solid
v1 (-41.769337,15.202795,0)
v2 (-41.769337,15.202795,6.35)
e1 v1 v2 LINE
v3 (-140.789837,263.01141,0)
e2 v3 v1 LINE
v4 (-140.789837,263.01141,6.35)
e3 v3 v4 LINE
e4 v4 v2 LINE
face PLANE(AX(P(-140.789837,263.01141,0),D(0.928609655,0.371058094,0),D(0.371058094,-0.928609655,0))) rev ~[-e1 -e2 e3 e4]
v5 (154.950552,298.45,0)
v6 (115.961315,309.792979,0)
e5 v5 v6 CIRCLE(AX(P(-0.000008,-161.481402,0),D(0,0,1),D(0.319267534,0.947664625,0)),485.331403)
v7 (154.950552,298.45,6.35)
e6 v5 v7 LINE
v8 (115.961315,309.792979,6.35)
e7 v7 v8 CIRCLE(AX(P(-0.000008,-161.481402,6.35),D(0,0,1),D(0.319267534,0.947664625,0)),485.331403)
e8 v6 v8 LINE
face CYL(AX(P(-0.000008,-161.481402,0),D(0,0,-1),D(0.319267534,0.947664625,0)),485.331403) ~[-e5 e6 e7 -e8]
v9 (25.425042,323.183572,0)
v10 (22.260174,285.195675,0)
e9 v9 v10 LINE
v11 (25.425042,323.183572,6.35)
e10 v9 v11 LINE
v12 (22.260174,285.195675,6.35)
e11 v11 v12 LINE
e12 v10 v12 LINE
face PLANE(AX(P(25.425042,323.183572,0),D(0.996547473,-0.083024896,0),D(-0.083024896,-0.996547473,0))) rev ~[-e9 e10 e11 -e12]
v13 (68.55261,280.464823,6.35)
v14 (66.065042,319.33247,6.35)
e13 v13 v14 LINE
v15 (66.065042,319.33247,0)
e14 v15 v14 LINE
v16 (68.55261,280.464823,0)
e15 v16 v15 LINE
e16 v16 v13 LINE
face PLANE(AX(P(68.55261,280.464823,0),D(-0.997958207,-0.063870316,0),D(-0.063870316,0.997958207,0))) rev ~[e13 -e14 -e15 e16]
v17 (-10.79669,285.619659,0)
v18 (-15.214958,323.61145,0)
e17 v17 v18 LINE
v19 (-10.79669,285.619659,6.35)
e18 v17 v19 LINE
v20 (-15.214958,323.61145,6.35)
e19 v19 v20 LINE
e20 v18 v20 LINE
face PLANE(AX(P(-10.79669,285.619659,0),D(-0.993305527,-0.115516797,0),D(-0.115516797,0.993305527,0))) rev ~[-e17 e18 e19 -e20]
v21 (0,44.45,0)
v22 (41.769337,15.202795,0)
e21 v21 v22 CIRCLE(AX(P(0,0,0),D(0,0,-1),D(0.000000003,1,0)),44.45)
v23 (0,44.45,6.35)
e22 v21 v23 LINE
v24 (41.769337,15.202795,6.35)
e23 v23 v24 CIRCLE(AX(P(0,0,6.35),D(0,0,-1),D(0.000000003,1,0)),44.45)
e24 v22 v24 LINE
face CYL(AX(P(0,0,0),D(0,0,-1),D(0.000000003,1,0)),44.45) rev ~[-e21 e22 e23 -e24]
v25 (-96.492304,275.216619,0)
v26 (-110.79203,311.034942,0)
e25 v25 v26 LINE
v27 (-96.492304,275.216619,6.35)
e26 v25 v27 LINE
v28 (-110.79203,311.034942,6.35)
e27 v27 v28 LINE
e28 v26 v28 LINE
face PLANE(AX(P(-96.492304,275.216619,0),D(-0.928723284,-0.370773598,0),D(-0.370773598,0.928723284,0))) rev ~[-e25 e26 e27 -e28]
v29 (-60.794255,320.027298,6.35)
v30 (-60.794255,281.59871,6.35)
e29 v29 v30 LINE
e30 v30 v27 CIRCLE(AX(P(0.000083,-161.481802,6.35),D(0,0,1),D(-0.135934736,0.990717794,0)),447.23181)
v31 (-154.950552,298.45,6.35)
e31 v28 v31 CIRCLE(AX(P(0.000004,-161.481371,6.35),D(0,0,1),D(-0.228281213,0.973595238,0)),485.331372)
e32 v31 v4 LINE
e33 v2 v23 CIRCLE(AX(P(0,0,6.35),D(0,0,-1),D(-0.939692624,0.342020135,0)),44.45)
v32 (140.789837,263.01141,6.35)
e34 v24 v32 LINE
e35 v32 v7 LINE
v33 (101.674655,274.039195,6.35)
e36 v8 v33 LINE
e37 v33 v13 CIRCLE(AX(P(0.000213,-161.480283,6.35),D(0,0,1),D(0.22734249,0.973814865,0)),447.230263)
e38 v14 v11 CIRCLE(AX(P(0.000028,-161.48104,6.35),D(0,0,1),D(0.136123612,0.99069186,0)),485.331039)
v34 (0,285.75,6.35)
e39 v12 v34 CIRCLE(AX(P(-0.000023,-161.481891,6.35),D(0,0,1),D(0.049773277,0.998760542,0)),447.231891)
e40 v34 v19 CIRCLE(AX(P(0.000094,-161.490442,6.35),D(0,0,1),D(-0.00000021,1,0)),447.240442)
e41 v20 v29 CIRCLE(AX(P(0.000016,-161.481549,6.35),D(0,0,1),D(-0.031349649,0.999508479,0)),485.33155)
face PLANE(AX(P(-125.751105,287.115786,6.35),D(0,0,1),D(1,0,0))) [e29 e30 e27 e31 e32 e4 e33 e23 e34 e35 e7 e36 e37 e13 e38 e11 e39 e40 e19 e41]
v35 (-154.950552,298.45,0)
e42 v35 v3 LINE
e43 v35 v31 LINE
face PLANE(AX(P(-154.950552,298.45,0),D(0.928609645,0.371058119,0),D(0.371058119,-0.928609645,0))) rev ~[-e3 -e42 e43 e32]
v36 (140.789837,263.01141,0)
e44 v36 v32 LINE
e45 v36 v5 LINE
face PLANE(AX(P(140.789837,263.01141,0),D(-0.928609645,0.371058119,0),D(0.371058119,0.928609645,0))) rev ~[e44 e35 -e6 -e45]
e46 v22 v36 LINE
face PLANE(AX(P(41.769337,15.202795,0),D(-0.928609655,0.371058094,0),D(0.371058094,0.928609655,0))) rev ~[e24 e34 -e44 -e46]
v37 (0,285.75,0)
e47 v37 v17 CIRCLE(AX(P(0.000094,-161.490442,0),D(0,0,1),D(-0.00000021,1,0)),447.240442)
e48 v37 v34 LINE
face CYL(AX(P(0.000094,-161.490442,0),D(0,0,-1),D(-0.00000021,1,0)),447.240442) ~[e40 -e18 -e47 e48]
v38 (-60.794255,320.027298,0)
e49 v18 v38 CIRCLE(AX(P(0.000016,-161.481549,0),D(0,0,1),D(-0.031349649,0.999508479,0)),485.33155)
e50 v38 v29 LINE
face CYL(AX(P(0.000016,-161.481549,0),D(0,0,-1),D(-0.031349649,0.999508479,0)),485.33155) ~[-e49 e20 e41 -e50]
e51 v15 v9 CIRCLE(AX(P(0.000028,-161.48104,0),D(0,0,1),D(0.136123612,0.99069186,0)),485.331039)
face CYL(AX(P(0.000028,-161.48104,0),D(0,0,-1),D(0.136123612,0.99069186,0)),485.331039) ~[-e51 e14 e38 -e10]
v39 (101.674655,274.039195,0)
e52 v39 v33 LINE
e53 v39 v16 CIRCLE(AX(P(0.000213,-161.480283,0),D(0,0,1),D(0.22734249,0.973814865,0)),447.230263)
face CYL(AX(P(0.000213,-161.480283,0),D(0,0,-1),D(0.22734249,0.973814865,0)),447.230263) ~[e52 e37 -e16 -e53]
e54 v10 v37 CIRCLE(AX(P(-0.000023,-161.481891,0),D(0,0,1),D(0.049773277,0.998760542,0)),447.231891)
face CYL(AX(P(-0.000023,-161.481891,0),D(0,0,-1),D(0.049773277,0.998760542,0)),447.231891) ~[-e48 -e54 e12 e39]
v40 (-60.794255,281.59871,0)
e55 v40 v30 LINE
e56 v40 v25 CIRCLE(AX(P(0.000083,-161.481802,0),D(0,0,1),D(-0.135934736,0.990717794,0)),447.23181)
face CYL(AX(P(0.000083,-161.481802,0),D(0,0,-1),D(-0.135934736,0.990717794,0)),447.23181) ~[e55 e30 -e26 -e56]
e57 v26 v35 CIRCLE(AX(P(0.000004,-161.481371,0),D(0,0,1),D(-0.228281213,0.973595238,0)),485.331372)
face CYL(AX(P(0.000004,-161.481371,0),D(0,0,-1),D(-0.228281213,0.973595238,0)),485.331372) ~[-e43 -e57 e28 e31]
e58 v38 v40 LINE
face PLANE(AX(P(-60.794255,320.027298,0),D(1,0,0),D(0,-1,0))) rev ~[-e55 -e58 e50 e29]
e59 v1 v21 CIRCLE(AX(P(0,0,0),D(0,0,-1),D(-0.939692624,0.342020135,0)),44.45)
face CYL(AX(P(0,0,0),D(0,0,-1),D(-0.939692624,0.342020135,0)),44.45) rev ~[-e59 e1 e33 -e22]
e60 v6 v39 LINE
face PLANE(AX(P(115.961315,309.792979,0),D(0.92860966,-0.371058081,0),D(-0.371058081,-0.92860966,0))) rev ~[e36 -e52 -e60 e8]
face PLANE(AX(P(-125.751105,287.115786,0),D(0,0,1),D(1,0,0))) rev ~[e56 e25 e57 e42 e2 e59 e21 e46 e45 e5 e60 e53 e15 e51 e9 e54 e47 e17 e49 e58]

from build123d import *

# Parameters (mm, degrees)
F1_DEPTH = 6.35


with BuildPart() as f1:
    # F0 (on Top) → F1 (new body)
    with BuildSketch(Plane.XY):
        with BuildLine():
            Line((-154.950552, 298.45), (-140.789837, 263.01141))
            ThreePointArc((-140.789837, 263.01141), (-118.797918, 269.683277), (-96.492304, 275.216619))
            Line((-96.492304, 275.216619), (-110.79203, 311.034942))
            ThreePointArc((-110.79203, 311.034942), (-133.020206, 305.264989), (-154.950552, 298.45))
        make_face()
        with BuildLine():
            Line((-140.789837, 263.01141), (-41.769337, 15.202795))
            ThreePointArc((-41.769337, 15.202795), (-25.495473, 36.411308), (0, 44.45))
            Line((0, 44.45), (0, 285.75))
            ThreePointArc((0, 285.75), (-5.398738, 285.717413), (-10.79669, 285.619659))
            ThreePointArc((-10.79669, 285.619659), (-13.004656, 285.560884), (-15.212304, 285.491206))
            ThreePointArc((-15.212304, 285.491206), (-35.56927, 284.333306), (-55.852304, 282.248749))
            ThreePointArc((-55.852304, 282.248749), (-58.324185, 281.930614), (-60.794255, 281.59871))
            ThreePointArc((-60.794255, 281.59871), (-78.707993, 278.769638), (-96.492304, 275.216619))
            ThreePointArc((-96.492304, 275.216619), (-118.797918, 269.683277), (-140.789837, 263.01141))
        make_face()
        with BuildLine():
            Line((-60.794255, 320.027298), (-60.794255, 281.59871))
            ThreePointArc((-60.794255, 281.59871), (-58.324185, 281.930614), (-55.852304, 282.248749))
            Line((-55.852304, 282.248749), (-60.794255, 320.027298))
        make_face()
        with BuildLine():
            Line((-15.212304, 285.491206), (-15.214958, 323.61145))
            ThreePointArc((-15.214958, 323.61145), (-38.046835, 322.356389), (-60.794255, 320.027298))
            Line((-60.794255, 320.027298), (-55.852304, 282.248749))
            ThreePointArc((-55.852304, 282.248749), (-35.56927, 284.333306), (-15.212304, 285.491206))
        make_face()
        with BuildLine():
            ThreePointArc((-15.212304, 285.491206), (-13.004656, 285.560884), (-10.79669, 285.619659))
            Line((-10.79669, 285.619659), (-15.214958, 323.61145))
            Line((-15.214958, 323.61145), (-15.212304, 285.491206))
        make_face()
        with BuildLine():
            Line((25.425042, 323.183572), (22.260174, 285.195675))
            ThreePointArc((22.260174, 285.195675), (23.842758, 285.113996), (25.425042, 285.02671))
            Line((25.425042, 285.02671), (25.425042, 323.183572))
        make_face()
        with BuildLine():
            ThreePointArc((66.065042, 319.33247), (45.78555, 321.685498), (25.425042, 323.183572))
            Line((25.425042, 323.183572), (25.425042, 285.02671))
            ThreePointArc((25.425042, 285.02671), (45.792833, 283.399417), (66.065042, 280.84352))
            Line((66.065042, 280.84352), (66.065042, 319.33247))
        make_face()
        with BuildLine():
            ThreePointArc((66.065042, 280.84352), (67.309092, 280.655921), (68.55261, 280.464823))
            Line((68.55261, 280.464823), (66.065042, 319.33247))
            Line((66.065042, 319.33247), (66.065042, 280.84352))
        make_face()
        with BuildLine():
            ThreePointArc((101.674655, 274.039195), (121.357573, 268.969833), (140.789837, 263.01141))
            Line((140.789837, 263.01141), (154.950552, 298.45))
            ThreePointArc((154.950552, 298.45), (135.574613, 304.529427), (115.961315, 309.792979))
            Line((115.961315, 309.792979), (101.674655, 274.039195))
        make_face()
        with BuildLine():
            ThreePointArc((0, 44.45), (25.495473, 36.411308), (41.769337, 15.202795))
            Line((41.769337, 15.202795), (140.789837, 263.01141))
            ThreePointArc((140.789837, 263.01141), (121.357573, 268.969833), (101.674655, 274.039195))
            ThreePointArc((101.674655, 274.039195), (85.174248, 277.564466), (68.55261, 280.464823))
            ThreePointArc((68.55261, 280.464823), (67.309092, 280.655921), (66.065042, 280.84352))
            ThreePointArc((66.065042, 280.84352), (45.792833, 283.399417), (25.425042, 285.02671))
            ThreePointArc((25.425042, 285.02671), (23.842758, 285.113996), (22.260174, 285.195675))
            ThreePointArc((22.260174, 285.195675), (11.133537, 285.611397), (0, 285.75))
            Line((0, 285.75), (0, 44.45))
        make_face()
    extrude(amount=F1_DEPTH)


solid = f1.part
